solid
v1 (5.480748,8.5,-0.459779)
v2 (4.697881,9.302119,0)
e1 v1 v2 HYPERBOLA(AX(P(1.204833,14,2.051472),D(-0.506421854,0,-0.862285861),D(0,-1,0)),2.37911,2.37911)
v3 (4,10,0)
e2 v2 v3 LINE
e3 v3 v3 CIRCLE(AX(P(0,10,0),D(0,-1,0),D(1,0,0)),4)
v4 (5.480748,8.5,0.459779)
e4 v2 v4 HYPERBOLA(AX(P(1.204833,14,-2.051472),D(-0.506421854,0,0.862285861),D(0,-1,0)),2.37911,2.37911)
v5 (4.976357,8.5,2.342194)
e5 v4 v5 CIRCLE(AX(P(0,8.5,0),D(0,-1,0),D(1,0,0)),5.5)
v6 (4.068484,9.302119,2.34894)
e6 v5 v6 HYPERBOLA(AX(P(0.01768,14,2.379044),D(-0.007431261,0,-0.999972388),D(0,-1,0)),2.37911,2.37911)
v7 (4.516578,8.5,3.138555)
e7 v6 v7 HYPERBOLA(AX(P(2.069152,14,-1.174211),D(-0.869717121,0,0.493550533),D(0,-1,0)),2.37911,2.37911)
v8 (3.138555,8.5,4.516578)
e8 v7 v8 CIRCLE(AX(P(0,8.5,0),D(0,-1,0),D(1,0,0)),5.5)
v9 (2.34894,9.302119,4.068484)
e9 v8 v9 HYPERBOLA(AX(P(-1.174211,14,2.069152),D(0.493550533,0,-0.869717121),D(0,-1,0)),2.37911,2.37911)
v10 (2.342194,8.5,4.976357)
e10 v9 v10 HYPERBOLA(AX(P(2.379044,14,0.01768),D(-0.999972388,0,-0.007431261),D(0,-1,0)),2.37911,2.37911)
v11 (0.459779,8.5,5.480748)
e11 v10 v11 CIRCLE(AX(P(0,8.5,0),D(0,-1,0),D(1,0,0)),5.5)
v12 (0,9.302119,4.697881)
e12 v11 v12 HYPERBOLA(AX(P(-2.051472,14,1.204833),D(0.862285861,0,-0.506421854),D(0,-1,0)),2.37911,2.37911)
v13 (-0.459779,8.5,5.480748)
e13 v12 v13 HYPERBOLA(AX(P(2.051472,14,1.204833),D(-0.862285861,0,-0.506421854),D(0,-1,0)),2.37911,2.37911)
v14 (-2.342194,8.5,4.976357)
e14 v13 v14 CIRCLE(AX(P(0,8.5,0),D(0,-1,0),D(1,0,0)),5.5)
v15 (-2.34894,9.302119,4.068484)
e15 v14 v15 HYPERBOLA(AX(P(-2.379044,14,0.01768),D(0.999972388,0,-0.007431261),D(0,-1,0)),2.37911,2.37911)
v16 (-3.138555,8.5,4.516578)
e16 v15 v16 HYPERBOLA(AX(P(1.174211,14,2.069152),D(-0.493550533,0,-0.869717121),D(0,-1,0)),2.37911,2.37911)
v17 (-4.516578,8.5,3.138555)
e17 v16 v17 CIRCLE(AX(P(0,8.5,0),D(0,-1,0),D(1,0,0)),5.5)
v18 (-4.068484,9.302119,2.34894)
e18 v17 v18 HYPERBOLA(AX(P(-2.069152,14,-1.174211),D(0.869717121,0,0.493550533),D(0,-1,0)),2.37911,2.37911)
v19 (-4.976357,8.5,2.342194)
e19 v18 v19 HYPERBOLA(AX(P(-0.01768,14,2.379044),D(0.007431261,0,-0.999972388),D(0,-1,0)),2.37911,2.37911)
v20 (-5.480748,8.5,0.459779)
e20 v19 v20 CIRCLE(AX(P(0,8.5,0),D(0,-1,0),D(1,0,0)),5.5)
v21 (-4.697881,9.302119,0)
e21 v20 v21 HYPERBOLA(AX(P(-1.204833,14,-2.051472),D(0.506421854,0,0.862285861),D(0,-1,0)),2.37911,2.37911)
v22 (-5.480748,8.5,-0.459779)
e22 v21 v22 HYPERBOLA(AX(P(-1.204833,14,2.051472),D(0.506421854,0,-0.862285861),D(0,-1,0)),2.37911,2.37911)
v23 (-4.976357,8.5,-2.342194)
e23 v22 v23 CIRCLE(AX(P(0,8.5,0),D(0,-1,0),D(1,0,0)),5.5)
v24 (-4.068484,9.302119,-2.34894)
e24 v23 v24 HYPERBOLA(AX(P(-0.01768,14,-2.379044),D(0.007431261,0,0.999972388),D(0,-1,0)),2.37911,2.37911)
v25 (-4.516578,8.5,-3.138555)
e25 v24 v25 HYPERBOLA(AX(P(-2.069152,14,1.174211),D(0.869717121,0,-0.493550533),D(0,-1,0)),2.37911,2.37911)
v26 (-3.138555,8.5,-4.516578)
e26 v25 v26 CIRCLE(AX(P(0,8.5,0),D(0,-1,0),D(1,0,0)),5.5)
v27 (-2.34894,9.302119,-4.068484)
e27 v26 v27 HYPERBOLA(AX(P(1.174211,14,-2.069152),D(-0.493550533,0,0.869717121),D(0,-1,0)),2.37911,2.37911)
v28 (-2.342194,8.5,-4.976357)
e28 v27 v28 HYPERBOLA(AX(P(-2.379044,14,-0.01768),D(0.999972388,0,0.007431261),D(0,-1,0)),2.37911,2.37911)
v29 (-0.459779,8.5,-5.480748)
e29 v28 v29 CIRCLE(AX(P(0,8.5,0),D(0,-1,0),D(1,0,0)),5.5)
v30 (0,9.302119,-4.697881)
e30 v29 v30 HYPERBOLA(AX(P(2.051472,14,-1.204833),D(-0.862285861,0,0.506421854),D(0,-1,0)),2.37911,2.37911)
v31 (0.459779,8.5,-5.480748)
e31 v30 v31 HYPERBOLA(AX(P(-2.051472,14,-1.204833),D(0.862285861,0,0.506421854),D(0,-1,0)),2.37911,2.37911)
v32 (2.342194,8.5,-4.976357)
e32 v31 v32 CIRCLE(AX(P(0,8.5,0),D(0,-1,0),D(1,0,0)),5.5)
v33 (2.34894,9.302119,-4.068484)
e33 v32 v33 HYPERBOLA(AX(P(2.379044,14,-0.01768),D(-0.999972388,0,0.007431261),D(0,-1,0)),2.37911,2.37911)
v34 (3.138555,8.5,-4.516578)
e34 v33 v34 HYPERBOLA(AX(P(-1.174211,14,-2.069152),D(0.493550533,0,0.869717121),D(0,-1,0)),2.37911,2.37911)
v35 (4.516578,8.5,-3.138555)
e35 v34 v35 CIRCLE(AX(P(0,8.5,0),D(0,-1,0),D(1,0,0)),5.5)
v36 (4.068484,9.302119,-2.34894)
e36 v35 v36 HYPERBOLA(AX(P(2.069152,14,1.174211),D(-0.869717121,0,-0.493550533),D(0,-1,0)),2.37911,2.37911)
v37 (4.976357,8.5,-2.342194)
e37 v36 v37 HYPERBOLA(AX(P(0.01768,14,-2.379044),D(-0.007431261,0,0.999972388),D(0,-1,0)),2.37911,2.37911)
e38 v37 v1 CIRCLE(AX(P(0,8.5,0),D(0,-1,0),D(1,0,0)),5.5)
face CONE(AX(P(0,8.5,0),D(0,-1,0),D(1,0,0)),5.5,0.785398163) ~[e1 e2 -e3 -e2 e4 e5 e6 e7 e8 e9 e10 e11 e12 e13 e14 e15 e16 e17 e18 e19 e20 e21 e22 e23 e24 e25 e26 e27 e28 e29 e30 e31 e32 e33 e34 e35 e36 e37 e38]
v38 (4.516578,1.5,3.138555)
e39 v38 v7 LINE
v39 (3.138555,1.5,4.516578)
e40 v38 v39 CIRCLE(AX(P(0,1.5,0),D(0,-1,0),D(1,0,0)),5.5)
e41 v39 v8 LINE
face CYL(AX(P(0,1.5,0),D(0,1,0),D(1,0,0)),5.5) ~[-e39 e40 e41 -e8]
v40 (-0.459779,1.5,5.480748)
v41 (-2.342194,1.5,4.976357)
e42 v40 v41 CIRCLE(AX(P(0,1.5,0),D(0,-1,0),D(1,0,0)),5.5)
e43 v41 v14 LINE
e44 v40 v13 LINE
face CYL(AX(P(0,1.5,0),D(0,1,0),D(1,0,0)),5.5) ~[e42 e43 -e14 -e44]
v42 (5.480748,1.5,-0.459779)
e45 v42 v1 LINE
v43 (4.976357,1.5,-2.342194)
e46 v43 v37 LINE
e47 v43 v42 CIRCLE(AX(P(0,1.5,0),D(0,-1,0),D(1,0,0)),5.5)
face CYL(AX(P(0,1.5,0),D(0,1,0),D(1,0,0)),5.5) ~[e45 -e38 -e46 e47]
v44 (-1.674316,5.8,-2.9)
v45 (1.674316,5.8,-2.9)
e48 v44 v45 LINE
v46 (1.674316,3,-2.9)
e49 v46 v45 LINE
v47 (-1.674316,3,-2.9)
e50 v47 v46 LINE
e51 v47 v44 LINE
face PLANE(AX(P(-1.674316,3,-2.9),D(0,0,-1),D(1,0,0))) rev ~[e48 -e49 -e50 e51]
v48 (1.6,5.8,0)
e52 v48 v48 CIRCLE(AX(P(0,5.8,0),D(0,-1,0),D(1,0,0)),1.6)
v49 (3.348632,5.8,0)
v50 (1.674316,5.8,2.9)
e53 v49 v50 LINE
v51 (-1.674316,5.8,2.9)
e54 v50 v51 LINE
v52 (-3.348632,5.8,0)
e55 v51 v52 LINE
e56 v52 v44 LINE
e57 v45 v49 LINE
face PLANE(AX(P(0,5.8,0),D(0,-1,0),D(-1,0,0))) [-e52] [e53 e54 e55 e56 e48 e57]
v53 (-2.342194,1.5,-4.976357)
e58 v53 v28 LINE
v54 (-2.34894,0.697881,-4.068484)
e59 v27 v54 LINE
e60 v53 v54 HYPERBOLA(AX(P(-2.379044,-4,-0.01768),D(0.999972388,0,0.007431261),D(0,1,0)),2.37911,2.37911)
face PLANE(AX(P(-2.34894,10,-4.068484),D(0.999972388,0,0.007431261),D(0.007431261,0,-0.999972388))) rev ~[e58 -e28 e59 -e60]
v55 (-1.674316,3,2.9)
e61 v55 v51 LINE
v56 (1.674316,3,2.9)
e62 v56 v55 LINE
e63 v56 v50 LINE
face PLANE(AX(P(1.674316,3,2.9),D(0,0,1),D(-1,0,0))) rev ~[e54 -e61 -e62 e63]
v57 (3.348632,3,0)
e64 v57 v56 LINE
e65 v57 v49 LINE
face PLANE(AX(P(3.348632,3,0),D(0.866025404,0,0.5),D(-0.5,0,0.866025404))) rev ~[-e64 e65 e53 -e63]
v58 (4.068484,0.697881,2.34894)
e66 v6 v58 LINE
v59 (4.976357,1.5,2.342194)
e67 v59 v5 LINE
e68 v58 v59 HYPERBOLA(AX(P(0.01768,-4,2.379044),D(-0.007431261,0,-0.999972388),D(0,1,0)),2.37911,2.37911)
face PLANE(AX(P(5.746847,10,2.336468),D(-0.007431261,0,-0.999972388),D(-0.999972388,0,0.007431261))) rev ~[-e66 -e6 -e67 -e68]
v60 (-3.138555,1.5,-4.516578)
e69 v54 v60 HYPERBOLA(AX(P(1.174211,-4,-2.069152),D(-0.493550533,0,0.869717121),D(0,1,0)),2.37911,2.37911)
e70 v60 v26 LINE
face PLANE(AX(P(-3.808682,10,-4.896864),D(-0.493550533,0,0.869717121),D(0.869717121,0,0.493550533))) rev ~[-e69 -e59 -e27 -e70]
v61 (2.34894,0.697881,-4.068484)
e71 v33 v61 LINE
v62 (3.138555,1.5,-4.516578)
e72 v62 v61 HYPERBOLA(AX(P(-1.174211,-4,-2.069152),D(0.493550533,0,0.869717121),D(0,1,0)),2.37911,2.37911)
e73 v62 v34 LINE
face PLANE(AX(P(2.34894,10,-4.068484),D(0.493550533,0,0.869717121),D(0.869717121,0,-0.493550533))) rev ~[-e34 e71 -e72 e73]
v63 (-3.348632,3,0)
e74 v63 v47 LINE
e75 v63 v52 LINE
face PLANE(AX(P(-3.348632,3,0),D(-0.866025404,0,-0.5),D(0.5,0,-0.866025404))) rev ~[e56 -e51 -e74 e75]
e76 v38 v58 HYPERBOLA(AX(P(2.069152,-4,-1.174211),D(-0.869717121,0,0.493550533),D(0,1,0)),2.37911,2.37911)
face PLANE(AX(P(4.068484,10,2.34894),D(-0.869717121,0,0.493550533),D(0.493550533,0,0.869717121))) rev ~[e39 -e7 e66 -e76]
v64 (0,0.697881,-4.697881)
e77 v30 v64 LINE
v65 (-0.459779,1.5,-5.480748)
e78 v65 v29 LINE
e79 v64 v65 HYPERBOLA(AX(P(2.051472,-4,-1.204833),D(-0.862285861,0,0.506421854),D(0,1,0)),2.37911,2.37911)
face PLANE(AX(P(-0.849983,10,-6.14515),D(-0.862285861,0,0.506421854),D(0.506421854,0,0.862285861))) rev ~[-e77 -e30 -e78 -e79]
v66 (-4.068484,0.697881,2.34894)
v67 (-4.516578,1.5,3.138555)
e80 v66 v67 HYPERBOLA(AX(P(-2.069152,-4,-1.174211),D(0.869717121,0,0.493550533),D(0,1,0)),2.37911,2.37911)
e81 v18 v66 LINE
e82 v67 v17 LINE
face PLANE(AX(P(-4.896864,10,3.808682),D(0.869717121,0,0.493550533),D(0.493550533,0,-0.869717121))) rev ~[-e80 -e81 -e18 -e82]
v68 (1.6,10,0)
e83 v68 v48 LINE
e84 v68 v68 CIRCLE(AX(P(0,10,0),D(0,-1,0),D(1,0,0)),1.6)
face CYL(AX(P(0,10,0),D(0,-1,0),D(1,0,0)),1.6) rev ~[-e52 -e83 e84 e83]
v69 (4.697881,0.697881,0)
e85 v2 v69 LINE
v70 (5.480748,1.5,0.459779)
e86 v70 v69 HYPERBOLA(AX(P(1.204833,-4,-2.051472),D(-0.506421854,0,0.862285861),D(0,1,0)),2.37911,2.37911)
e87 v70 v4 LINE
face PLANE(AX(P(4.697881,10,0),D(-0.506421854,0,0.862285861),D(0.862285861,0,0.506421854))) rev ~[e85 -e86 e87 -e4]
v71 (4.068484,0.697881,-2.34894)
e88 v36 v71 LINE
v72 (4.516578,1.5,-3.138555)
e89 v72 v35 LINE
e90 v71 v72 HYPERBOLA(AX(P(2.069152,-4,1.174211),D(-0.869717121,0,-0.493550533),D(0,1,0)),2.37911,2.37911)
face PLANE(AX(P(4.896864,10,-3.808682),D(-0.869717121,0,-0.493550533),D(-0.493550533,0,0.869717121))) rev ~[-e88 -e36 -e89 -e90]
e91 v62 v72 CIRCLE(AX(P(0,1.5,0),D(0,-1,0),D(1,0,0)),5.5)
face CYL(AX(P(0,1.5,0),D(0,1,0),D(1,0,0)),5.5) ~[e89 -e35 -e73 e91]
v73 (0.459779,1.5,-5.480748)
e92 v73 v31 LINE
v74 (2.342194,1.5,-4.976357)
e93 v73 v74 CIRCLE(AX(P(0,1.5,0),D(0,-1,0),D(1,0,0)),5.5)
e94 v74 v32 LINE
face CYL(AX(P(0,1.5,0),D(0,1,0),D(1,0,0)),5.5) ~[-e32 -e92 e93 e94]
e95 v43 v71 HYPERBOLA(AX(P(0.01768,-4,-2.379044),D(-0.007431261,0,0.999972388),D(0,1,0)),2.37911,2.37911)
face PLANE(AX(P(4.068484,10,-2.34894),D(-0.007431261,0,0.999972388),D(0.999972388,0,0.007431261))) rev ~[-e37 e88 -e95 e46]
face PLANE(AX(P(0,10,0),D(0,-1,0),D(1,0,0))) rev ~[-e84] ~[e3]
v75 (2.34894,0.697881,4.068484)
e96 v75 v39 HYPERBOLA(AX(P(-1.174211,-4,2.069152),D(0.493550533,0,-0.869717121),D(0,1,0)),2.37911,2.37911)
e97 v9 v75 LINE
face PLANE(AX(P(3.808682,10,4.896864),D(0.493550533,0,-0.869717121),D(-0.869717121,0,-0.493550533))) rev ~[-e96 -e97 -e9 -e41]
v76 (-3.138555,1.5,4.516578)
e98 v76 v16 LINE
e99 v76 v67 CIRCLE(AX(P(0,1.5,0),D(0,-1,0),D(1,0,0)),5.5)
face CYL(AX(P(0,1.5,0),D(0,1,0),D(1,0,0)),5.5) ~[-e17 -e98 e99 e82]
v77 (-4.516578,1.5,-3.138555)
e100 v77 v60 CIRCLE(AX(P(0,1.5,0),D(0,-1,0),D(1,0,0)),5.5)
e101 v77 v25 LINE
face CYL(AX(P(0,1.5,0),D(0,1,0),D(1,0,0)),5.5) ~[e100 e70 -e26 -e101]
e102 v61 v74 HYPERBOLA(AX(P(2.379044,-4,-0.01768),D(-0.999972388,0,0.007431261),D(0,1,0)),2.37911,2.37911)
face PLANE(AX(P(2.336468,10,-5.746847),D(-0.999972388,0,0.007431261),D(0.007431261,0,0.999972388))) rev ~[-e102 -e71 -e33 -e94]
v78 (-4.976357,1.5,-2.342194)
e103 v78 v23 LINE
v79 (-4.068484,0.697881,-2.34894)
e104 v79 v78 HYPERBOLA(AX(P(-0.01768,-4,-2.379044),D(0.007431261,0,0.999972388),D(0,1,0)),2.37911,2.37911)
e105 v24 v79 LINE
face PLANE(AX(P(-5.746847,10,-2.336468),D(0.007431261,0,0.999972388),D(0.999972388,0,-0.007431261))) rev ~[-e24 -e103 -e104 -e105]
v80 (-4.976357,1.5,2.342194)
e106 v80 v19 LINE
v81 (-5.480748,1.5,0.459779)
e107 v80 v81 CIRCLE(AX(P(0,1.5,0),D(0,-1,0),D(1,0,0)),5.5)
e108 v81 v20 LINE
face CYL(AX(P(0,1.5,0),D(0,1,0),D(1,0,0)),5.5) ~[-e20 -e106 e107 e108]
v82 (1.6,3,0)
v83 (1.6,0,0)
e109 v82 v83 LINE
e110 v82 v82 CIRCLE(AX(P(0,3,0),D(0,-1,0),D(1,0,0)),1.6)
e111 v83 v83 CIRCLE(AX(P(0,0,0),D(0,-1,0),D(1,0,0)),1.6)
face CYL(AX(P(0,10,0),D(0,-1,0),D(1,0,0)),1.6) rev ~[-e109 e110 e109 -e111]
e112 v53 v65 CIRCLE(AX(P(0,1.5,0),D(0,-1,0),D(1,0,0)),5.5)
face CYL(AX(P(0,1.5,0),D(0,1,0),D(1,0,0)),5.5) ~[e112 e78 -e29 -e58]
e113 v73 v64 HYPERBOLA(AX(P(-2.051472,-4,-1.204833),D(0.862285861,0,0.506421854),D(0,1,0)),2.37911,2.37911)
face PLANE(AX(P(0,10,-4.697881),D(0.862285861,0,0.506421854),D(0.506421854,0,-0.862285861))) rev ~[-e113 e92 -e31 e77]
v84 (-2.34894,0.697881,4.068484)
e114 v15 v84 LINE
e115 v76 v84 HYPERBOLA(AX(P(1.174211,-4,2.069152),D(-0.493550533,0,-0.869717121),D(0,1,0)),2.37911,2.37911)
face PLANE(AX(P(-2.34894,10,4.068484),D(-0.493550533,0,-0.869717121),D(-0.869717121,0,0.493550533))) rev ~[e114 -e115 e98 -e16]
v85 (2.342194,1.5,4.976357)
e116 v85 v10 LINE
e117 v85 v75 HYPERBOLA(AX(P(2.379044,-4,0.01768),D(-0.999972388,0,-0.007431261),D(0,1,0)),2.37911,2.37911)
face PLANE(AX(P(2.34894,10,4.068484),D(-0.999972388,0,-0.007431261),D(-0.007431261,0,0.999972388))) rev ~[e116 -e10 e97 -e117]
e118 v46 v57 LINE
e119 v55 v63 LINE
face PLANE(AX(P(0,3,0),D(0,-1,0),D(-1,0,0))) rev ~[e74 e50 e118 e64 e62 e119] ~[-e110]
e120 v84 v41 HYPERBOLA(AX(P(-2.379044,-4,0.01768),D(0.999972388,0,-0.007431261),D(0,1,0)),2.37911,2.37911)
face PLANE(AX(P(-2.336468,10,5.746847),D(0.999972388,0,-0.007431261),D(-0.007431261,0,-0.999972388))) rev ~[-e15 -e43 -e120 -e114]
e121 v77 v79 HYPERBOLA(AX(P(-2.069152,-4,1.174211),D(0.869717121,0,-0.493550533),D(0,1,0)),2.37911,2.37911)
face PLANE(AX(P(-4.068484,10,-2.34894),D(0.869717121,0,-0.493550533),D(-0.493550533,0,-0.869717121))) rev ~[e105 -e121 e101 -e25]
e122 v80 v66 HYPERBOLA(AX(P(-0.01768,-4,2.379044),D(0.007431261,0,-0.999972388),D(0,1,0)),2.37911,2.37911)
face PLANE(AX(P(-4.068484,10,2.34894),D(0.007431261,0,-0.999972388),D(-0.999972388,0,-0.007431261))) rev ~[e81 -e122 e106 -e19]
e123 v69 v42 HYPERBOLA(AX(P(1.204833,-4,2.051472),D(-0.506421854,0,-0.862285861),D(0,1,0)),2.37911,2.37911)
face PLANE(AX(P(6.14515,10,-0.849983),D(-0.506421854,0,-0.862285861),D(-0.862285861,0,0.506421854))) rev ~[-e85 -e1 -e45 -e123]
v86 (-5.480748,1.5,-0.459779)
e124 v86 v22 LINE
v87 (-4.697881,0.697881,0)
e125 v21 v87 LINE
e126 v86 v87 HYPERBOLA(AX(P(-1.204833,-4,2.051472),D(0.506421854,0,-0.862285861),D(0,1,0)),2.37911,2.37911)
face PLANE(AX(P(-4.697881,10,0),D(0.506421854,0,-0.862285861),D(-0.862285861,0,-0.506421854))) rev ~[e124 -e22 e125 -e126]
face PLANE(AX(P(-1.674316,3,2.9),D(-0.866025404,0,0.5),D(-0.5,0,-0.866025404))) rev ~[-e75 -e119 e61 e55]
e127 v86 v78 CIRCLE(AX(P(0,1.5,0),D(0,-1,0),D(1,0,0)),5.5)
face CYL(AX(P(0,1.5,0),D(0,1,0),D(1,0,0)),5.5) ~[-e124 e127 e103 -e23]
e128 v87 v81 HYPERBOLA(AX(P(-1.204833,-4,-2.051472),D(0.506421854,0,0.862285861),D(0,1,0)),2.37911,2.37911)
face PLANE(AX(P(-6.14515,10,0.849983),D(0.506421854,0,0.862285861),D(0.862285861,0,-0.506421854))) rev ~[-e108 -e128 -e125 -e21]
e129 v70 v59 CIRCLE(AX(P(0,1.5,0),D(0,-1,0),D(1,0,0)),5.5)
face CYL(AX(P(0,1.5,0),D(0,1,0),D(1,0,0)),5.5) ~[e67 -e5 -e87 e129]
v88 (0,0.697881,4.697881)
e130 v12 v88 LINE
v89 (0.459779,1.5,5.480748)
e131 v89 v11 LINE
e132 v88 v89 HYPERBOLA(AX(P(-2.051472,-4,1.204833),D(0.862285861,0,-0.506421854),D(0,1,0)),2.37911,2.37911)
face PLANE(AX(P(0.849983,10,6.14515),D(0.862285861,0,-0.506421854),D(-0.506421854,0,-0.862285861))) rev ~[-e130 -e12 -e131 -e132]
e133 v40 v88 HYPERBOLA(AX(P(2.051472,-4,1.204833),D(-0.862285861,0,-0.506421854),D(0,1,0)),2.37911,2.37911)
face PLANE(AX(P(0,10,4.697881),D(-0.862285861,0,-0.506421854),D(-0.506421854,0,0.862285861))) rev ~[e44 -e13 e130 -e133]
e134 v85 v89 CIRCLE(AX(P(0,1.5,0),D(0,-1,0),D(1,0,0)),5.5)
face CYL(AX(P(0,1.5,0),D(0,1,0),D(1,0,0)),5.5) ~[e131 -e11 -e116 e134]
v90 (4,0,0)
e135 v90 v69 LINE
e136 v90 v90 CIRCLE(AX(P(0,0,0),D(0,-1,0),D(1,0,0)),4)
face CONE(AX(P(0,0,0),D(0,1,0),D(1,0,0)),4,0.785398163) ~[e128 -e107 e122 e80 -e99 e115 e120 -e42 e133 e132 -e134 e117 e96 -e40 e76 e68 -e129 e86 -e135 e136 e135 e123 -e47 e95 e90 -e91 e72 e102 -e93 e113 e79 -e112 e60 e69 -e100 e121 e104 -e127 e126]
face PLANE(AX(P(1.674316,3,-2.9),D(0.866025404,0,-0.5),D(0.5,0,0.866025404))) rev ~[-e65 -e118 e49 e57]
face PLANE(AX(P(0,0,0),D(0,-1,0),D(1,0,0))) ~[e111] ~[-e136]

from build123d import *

# Parameters (mm, degrees)
CUT_EXTRUDE1_DEPTH = 11
CUT_EXTRUDE2_DEPTH = 2.8


with BuildPart() as part:
    # Sketch1 → Revolve1 (revolve)
    with BuildSketch(Plane.XY):
        Polygon((1.6, 0), (4, 0), (5.5, 1.5), (5.5, 8.5), (4, 10), (1.6, 10), align=None)
    revolve(axis=Axis((0, 9.5, 0), (0, -1, 0)))

    # Sketch2 → Cut-Extrude1 (cut, through all)
    with BuildSketch(Plane(origin=(0, 10, 0), x_dir=(1, 0, 0), z_dir=(0, 1, 0))):
        Polygon((-0.849983323, 6.145149701), (0, 4.697880799), (0.849983323, 6.145149701), align=None)
        Polygon((3.808682001, 4.896864089), (2.3364677, 5.746847412), (2.3489404, 4.068484116), align=None)
        Polygon((5.746847412, 2.3364677), (4.896864089, 3.808682001), (4.068484116, 2.3489404), align=None)
        Polygon((6.145149701, -0.849983323), (6.145149701, 0.849983323), (4.697880799, 0), align=None)
        Polygon((4.896864089, -3.808682001), (5.746847412, -2.3364677), (4.068484116, -2.3489404), align=None)
        Polygon((2.3364677, -5.746847412), (3.808682001, -4.896864089), (2.3489404, -4.068484116), align=None)
        Polygon((-0.849983323, -6.145149701), (0.849983323, -6.145149701), (0, -4.697880799), align=None)
        Polygon((-3.808682001, -4.896864089), (-2.3364677, -5.746847412), (-2.3489404, -4.068484116), align=None)
        Polygon((-5.746847412, -2.3364677), (-4.896864089, -3.808682001), (-4.068484116, -2.3489404), align=None)
        Polygon((-6.145149701, 0.849983323), (-6.145149701, -0.849983323), (-4.697880799, 0), align=None)
        Polygon((-4.896864089, 3.808682001), (-5.746847412, 2.3364677), (-4.068484116, 2.3489404), align=None)
        Polygon((-2.3364677, 5.746847412), (-3.808682001, 4.896864089), (-2.3489404, 4.068484116), align=None)
    extrude(amount=-CUT_EXTRUDE1_DEPTH, mode=Mode.SUBTRACT)

    # Sketch3 → Cut-Extrude2 (cut)
    with BuildSketch(Plane(origin=(0, 3, 0), x_dir=(-1, 0, 0), z_dir=(0, -1, 0))):
        Polygon((1.674315781, 2.9), (-1.674315781, 2.9), (-3.348631561, 0), (-1.674315781, -2.9), (1.674315781, -2.9), (3.348631561, 0), align=None)
    extrude(amount=-CUT_EXTRUDE2_DEPTH, mode=Mode.SUBTRACT)


solid = part.part
